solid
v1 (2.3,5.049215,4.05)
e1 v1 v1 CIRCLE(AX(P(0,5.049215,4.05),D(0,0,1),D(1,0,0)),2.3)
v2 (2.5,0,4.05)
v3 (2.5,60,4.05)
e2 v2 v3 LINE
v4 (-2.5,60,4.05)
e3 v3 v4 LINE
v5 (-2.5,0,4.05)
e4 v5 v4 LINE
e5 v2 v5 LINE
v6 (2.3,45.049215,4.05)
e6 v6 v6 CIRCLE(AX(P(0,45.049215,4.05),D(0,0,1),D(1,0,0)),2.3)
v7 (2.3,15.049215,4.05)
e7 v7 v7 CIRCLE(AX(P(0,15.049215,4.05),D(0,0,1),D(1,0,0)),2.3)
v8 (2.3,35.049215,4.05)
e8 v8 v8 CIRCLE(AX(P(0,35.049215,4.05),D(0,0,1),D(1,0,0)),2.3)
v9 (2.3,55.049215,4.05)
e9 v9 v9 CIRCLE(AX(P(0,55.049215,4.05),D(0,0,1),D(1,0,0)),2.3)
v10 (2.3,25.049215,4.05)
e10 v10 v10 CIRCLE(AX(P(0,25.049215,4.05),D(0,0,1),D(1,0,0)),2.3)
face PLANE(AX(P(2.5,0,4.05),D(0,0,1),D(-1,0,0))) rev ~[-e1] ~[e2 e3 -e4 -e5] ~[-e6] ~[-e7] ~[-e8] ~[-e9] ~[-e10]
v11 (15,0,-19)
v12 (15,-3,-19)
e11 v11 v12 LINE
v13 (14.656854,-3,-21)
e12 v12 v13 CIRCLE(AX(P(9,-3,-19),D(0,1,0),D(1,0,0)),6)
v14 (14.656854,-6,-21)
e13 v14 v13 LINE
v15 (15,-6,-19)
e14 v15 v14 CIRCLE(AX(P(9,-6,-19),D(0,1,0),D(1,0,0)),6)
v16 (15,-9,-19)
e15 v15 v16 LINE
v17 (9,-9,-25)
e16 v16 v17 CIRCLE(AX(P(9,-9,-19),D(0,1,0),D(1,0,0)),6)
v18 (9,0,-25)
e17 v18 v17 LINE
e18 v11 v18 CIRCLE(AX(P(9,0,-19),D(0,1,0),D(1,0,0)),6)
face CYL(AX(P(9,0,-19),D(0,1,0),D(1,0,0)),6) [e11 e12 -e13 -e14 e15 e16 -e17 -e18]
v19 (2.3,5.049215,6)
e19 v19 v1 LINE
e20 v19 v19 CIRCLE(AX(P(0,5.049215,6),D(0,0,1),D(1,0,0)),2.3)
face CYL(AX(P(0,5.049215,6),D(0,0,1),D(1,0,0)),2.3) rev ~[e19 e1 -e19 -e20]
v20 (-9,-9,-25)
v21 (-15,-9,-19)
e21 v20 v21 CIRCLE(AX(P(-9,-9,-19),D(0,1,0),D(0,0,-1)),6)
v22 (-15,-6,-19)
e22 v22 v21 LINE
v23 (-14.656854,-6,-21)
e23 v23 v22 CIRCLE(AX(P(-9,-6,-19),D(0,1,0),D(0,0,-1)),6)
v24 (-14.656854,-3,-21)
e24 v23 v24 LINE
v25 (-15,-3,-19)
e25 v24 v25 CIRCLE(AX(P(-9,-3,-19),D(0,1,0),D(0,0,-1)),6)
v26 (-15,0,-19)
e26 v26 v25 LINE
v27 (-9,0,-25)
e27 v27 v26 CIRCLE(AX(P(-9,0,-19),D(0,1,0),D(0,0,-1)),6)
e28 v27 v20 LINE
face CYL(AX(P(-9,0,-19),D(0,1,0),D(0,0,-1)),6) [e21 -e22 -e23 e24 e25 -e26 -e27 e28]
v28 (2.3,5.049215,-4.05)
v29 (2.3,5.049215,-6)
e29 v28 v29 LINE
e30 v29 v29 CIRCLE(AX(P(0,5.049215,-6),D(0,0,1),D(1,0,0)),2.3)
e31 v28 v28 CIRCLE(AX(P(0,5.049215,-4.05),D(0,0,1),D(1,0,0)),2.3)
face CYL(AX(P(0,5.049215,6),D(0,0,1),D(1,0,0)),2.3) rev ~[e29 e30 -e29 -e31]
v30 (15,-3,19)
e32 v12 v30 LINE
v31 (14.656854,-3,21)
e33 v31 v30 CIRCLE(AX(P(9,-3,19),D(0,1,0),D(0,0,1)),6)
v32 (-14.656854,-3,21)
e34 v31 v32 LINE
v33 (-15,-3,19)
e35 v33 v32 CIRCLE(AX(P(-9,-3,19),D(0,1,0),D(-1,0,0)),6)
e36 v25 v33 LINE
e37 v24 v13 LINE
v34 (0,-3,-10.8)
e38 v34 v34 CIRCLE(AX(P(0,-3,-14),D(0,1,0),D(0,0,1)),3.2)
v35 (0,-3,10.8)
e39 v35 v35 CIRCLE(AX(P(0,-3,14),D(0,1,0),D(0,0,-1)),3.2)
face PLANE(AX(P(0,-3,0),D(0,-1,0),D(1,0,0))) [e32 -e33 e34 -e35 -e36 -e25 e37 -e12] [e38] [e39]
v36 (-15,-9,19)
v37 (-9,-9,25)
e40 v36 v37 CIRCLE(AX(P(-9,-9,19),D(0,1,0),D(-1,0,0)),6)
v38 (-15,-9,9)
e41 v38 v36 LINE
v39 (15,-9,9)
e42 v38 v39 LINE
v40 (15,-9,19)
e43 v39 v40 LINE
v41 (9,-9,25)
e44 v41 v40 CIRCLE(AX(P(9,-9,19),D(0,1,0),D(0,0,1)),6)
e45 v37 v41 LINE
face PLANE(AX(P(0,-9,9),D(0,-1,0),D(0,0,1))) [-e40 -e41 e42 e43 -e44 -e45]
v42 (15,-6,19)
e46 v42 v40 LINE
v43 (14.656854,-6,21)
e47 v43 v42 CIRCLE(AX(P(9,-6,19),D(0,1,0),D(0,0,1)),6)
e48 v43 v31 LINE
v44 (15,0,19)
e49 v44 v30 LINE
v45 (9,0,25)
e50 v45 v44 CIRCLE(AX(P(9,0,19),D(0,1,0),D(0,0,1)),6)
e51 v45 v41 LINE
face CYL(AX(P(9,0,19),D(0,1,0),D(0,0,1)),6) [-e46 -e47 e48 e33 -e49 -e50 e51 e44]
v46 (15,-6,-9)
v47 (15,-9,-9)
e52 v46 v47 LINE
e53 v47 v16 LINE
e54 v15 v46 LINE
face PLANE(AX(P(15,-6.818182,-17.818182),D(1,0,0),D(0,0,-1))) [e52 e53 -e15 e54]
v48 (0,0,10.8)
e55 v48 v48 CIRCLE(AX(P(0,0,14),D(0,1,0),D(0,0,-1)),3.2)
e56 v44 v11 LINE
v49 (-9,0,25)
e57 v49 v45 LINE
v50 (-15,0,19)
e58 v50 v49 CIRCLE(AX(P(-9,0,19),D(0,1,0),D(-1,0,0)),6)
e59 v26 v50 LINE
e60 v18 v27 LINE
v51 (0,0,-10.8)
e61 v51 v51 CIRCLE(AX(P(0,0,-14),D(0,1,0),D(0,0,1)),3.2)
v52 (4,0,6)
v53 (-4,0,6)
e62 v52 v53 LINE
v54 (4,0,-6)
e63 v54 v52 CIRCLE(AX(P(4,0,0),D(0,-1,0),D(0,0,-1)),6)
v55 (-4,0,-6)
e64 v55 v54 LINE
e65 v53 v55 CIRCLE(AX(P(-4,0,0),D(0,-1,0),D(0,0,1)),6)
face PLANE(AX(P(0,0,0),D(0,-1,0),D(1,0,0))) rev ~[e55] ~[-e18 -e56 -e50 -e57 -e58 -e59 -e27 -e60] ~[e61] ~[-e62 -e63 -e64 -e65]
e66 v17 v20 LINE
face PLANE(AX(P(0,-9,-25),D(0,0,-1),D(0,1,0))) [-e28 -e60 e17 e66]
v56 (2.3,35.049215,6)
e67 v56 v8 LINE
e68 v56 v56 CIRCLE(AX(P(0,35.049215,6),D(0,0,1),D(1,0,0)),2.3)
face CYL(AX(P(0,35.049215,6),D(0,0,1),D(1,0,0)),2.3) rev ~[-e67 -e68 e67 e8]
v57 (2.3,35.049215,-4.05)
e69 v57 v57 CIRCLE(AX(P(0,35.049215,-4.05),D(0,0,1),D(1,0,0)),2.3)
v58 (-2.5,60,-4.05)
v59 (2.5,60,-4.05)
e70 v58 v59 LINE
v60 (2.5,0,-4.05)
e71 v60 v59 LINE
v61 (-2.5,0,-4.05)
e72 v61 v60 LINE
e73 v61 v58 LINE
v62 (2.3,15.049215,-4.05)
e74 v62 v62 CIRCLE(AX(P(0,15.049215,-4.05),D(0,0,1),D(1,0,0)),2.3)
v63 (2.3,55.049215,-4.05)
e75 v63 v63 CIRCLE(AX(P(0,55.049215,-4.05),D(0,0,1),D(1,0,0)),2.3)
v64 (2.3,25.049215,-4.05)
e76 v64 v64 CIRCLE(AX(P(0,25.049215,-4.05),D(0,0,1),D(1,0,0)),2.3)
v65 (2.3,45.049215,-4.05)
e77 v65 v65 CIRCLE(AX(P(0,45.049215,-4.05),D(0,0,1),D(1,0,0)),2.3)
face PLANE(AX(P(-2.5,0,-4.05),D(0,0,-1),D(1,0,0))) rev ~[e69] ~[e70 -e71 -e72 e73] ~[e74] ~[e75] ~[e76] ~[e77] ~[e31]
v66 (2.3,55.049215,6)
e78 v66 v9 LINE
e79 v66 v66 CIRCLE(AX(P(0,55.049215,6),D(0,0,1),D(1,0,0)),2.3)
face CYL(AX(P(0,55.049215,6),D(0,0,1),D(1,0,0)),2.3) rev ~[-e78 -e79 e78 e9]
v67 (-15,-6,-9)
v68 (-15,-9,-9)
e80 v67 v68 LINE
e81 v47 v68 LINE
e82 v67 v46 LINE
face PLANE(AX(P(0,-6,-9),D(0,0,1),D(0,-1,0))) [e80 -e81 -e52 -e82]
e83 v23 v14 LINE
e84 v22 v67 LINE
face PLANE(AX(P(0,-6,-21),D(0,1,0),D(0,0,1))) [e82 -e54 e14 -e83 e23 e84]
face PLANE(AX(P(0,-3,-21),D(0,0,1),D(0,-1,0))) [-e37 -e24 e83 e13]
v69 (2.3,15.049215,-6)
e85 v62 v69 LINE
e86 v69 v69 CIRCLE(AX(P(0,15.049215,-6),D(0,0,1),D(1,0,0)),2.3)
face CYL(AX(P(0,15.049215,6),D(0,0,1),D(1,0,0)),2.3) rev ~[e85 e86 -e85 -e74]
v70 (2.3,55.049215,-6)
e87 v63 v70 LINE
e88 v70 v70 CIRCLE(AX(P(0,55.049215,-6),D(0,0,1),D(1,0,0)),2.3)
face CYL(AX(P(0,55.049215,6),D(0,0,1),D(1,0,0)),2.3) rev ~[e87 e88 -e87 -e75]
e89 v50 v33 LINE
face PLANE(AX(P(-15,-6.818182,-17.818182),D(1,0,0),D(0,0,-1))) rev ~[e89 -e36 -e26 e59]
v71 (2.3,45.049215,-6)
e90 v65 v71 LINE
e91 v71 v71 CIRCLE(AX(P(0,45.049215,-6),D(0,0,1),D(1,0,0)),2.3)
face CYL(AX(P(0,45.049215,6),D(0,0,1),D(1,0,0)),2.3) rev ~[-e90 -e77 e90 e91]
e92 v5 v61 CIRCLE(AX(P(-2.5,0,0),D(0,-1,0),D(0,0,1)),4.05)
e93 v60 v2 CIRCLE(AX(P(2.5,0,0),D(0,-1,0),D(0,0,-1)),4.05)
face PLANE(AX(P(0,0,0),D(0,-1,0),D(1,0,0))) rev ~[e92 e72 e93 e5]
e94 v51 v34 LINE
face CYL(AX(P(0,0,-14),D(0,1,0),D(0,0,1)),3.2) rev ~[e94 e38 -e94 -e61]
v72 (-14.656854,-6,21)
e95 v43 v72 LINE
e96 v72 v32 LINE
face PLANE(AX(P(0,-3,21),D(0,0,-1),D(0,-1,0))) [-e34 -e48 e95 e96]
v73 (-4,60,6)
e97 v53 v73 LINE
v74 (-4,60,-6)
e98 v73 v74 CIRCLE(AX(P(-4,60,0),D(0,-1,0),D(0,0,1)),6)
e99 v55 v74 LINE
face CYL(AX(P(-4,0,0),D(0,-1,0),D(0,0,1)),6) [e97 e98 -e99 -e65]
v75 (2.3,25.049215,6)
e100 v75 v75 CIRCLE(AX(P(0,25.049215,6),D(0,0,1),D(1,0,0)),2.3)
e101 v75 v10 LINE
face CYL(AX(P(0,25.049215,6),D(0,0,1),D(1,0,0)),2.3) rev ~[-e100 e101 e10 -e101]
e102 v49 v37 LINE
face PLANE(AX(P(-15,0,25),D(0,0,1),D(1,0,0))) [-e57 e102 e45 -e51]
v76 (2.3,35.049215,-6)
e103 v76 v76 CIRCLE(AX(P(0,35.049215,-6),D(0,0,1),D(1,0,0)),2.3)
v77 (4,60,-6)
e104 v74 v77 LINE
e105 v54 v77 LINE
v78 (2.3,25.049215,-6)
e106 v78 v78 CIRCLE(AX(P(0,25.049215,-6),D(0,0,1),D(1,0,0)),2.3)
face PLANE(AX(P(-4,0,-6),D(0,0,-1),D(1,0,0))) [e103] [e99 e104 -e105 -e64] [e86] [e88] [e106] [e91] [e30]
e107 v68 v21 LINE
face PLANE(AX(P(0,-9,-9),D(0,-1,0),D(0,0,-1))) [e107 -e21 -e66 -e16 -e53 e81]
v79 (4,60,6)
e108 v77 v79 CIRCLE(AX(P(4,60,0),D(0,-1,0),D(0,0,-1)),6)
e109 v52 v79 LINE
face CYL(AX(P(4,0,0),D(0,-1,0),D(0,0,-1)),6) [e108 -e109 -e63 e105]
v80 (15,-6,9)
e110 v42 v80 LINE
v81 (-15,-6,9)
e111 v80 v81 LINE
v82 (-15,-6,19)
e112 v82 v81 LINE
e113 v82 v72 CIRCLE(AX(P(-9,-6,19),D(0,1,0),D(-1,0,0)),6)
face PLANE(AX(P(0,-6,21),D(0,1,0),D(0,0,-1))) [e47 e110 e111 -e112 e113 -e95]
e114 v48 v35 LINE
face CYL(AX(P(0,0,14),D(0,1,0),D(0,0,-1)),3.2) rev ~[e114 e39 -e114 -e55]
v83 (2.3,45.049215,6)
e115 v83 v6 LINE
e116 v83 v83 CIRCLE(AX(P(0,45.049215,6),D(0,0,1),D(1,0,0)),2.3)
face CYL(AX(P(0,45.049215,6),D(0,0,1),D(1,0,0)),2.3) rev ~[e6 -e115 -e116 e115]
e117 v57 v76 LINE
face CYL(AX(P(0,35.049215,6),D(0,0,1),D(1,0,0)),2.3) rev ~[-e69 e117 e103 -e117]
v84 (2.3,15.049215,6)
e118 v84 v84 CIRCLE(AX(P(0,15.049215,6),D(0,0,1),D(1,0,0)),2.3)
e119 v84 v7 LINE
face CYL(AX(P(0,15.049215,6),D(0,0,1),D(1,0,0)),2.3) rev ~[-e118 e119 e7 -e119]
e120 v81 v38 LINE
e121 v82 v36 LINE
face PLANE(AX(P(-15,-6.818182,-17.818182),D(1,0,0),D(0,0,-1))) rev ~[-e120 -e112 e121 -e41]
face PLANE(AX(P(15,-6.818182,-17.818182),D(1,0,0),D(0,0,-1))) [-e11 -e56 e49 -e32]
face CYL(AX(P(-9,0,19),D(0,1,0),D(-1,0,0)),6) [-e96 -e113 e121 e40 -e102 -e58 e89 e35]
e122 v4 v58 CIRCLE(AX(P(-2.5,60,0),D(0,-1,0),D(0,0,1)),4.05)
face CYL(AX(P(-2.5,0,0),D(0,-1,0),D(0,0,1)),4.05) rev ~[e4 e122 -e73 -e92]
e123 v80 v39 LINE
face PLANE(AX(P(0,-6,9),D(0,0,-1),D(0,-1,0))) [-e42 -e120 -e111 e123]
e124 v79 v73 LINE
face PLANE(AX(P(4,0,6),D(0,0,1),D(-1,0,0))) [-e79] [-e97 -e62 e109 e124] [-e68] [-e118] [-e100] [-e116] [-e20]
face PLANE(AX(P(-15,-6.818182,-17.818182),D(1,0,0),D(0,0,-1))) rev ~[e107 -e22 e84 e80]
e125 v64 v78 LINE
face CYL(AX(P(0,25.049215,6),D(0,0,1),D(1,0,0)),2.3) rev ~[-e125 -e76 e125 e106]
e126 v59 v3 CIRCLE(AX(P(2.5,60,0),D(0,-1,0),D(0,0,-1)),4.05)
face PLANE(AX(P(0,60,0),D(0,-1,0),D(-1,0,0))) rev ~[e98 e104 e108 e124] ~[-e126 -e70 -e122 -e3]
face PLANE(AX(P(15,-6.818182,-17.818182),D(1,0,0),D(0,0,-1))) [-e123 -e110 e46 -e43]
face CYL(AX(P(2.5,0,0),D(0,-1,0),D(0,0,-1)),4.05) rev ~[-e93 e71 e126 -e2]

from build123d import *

# Parameters (mm, degrees)
EXTRUDE_1_DEPTH     = 60
SKETCH_3_R          = 2.3
CUT_EXTRUDE_1_DEPTH = 30
SKETCH_4_W          = 30
SKETCH_4_H          = 50
EXTRUDE_2_DEPTH     = 3
EXTRUDE_3_DEPTH     = 15
SKETCH_6_W          = 47.657493386
SKETCH_6_H          = 61.593201797
CUT_EXTRUDE_2_DEPTH = 30
SKETCH_7_R          = 3.2
CUT_EXTRUDE_3_DEPTH = 3


with BuildPart() as part:
    # 草图2 → 凸台-拉伸1 (new body)
    with BuildSketch(Plane(origin=(0, 0, 0), x_dir=(1, 0, 0), z_dir=(0, 1, 0))):
        with BuildLine():
            Line((-4, 6), (4, 6))
            ThreePointArc((4, 6), (10, 0), (4, -6))
            Line((4, -6), (-4, -6))
            ThreePointArc((-4, -6), (-10, 0), (-4, 6))
        make_face()
        with BuildLine():
            Line((-2.5, 4.05), (2.5, 4.05))
            ThreePointArc((2.5, 4.05), (6.55, 0), (2.5, -4.05))
            Line((2.5, -4.05), (-2.5, -4.05))
            ThreePointArc((-2.5, -4.05), (-6.55, 0), (-2.5, 4.05))
        make_face(mode=Mode.SUBTRACT)
    extrude(amount=EXTRUDE_1_DEPTH)

    # 草图3 → 切除-拉伸1 (cut)
    with BuildSketch(Plane.XY.offset(6)):
        with Locations((0, 55.049214592)):
            Circle(SKETCH_3_R)
        with Locations((0, 45.049214592)):
            Circle(SKETCH_3_R)
        with Locations((0, 35.049214592)):
            Circle(SKETCH_3_R)
        with Locations((0, 25.049214592)):
            Circle(SKETCH_3_R)
        with Locations((0, 15.049214592)):
            Circle(SKETCH_3_R)
        with Locations((0, 5.049214592)):
            Circle(SKETCH_3_R)
    extrude(amount=-CUT_EXTRUDE_1_DEPTH, mode=Mode.SUBTRACT)

    # 草图4 → 凸台-拉伸2 (add)
    with BuildSketch(Plane.XZ):
        Rectangle(SKETCH_4_W, SKETCH_4_H)
    extrude(amount=EXTRUDE_2_DEPTH)

    # 草图5 → 凸台-拉伸3 (add, symmetric)
    with BuildSketch(Plane(origin=(0, 0, 0), x_dir=(0, 0, -1), z_dir=(1, 0, 0))):
        Polygon((-25, -3), (-21, -3), (-21, -6), (-9, -6), (-9, -9), (-25, -9), (-25, -6), align=None)
        Polygon((25, -3), (21, -3), (21, -6), (9, -6), (9, -9), (25, -9), (25, -6), align=None)
    extrude(amount=EXTRUDE_3_DEPTH, both=True)

    # 草图6 → 切除-拉伸2 (cut)
    with BuildSketch(Plane(origin=(0, 0, 0), x_dir=(1, 0, 0), z_dir=(0, 1, 0))):
        with Locations((1.592624165, 0.101186893)):
            Rectangle(SKETCH_6_W, SKETCH_6_H)
        with BuildLine():
            Line((15, -19), (15, 19))
            ThreePointArc((15, 19), (13.242640687, 23.242640687), (9, 25))
            Line((9, 25), (-9, 25))
            ThreePointArc((-9, 25), (-13.242640687, 23.242640687), (-15, 19))
            Line((-15, 19), (-15, -19))
            ThreePointArc((-15, -19), (-13.242640687, -23.242640687), (-9, -25))
            Line((-9, -25), (9, -25))
            ThreePointArc((9, -25), (13.242640687, -23.242640687), (15, -19))
        make_face(mode=Mode.SUBTRACT)
    extrude(amount=-CUT_EXTRUDE_2_DEPTH, mode=Mode.SUBTRACT)

    # 草图7 → 切除-拉伸3 (cut)
    with BuildSketch(Plane(origin=(0, 0, 0), x_dir=(1, 0, 0), z_dir=(0, 1, 0))):
        with Locations(Location((0, 14, 0), (0, 0, 270))):
            Circle(SKETCH_7_R)
        with Locations(Location((0, -14, 0), (0, 0, 90))):
            Circle(SKETCH_7_R)
    extrude(amount=-CUT_EXTRUDE_3_DEPTH, mode=Mode.SUBTRACT)


solid = part.part
